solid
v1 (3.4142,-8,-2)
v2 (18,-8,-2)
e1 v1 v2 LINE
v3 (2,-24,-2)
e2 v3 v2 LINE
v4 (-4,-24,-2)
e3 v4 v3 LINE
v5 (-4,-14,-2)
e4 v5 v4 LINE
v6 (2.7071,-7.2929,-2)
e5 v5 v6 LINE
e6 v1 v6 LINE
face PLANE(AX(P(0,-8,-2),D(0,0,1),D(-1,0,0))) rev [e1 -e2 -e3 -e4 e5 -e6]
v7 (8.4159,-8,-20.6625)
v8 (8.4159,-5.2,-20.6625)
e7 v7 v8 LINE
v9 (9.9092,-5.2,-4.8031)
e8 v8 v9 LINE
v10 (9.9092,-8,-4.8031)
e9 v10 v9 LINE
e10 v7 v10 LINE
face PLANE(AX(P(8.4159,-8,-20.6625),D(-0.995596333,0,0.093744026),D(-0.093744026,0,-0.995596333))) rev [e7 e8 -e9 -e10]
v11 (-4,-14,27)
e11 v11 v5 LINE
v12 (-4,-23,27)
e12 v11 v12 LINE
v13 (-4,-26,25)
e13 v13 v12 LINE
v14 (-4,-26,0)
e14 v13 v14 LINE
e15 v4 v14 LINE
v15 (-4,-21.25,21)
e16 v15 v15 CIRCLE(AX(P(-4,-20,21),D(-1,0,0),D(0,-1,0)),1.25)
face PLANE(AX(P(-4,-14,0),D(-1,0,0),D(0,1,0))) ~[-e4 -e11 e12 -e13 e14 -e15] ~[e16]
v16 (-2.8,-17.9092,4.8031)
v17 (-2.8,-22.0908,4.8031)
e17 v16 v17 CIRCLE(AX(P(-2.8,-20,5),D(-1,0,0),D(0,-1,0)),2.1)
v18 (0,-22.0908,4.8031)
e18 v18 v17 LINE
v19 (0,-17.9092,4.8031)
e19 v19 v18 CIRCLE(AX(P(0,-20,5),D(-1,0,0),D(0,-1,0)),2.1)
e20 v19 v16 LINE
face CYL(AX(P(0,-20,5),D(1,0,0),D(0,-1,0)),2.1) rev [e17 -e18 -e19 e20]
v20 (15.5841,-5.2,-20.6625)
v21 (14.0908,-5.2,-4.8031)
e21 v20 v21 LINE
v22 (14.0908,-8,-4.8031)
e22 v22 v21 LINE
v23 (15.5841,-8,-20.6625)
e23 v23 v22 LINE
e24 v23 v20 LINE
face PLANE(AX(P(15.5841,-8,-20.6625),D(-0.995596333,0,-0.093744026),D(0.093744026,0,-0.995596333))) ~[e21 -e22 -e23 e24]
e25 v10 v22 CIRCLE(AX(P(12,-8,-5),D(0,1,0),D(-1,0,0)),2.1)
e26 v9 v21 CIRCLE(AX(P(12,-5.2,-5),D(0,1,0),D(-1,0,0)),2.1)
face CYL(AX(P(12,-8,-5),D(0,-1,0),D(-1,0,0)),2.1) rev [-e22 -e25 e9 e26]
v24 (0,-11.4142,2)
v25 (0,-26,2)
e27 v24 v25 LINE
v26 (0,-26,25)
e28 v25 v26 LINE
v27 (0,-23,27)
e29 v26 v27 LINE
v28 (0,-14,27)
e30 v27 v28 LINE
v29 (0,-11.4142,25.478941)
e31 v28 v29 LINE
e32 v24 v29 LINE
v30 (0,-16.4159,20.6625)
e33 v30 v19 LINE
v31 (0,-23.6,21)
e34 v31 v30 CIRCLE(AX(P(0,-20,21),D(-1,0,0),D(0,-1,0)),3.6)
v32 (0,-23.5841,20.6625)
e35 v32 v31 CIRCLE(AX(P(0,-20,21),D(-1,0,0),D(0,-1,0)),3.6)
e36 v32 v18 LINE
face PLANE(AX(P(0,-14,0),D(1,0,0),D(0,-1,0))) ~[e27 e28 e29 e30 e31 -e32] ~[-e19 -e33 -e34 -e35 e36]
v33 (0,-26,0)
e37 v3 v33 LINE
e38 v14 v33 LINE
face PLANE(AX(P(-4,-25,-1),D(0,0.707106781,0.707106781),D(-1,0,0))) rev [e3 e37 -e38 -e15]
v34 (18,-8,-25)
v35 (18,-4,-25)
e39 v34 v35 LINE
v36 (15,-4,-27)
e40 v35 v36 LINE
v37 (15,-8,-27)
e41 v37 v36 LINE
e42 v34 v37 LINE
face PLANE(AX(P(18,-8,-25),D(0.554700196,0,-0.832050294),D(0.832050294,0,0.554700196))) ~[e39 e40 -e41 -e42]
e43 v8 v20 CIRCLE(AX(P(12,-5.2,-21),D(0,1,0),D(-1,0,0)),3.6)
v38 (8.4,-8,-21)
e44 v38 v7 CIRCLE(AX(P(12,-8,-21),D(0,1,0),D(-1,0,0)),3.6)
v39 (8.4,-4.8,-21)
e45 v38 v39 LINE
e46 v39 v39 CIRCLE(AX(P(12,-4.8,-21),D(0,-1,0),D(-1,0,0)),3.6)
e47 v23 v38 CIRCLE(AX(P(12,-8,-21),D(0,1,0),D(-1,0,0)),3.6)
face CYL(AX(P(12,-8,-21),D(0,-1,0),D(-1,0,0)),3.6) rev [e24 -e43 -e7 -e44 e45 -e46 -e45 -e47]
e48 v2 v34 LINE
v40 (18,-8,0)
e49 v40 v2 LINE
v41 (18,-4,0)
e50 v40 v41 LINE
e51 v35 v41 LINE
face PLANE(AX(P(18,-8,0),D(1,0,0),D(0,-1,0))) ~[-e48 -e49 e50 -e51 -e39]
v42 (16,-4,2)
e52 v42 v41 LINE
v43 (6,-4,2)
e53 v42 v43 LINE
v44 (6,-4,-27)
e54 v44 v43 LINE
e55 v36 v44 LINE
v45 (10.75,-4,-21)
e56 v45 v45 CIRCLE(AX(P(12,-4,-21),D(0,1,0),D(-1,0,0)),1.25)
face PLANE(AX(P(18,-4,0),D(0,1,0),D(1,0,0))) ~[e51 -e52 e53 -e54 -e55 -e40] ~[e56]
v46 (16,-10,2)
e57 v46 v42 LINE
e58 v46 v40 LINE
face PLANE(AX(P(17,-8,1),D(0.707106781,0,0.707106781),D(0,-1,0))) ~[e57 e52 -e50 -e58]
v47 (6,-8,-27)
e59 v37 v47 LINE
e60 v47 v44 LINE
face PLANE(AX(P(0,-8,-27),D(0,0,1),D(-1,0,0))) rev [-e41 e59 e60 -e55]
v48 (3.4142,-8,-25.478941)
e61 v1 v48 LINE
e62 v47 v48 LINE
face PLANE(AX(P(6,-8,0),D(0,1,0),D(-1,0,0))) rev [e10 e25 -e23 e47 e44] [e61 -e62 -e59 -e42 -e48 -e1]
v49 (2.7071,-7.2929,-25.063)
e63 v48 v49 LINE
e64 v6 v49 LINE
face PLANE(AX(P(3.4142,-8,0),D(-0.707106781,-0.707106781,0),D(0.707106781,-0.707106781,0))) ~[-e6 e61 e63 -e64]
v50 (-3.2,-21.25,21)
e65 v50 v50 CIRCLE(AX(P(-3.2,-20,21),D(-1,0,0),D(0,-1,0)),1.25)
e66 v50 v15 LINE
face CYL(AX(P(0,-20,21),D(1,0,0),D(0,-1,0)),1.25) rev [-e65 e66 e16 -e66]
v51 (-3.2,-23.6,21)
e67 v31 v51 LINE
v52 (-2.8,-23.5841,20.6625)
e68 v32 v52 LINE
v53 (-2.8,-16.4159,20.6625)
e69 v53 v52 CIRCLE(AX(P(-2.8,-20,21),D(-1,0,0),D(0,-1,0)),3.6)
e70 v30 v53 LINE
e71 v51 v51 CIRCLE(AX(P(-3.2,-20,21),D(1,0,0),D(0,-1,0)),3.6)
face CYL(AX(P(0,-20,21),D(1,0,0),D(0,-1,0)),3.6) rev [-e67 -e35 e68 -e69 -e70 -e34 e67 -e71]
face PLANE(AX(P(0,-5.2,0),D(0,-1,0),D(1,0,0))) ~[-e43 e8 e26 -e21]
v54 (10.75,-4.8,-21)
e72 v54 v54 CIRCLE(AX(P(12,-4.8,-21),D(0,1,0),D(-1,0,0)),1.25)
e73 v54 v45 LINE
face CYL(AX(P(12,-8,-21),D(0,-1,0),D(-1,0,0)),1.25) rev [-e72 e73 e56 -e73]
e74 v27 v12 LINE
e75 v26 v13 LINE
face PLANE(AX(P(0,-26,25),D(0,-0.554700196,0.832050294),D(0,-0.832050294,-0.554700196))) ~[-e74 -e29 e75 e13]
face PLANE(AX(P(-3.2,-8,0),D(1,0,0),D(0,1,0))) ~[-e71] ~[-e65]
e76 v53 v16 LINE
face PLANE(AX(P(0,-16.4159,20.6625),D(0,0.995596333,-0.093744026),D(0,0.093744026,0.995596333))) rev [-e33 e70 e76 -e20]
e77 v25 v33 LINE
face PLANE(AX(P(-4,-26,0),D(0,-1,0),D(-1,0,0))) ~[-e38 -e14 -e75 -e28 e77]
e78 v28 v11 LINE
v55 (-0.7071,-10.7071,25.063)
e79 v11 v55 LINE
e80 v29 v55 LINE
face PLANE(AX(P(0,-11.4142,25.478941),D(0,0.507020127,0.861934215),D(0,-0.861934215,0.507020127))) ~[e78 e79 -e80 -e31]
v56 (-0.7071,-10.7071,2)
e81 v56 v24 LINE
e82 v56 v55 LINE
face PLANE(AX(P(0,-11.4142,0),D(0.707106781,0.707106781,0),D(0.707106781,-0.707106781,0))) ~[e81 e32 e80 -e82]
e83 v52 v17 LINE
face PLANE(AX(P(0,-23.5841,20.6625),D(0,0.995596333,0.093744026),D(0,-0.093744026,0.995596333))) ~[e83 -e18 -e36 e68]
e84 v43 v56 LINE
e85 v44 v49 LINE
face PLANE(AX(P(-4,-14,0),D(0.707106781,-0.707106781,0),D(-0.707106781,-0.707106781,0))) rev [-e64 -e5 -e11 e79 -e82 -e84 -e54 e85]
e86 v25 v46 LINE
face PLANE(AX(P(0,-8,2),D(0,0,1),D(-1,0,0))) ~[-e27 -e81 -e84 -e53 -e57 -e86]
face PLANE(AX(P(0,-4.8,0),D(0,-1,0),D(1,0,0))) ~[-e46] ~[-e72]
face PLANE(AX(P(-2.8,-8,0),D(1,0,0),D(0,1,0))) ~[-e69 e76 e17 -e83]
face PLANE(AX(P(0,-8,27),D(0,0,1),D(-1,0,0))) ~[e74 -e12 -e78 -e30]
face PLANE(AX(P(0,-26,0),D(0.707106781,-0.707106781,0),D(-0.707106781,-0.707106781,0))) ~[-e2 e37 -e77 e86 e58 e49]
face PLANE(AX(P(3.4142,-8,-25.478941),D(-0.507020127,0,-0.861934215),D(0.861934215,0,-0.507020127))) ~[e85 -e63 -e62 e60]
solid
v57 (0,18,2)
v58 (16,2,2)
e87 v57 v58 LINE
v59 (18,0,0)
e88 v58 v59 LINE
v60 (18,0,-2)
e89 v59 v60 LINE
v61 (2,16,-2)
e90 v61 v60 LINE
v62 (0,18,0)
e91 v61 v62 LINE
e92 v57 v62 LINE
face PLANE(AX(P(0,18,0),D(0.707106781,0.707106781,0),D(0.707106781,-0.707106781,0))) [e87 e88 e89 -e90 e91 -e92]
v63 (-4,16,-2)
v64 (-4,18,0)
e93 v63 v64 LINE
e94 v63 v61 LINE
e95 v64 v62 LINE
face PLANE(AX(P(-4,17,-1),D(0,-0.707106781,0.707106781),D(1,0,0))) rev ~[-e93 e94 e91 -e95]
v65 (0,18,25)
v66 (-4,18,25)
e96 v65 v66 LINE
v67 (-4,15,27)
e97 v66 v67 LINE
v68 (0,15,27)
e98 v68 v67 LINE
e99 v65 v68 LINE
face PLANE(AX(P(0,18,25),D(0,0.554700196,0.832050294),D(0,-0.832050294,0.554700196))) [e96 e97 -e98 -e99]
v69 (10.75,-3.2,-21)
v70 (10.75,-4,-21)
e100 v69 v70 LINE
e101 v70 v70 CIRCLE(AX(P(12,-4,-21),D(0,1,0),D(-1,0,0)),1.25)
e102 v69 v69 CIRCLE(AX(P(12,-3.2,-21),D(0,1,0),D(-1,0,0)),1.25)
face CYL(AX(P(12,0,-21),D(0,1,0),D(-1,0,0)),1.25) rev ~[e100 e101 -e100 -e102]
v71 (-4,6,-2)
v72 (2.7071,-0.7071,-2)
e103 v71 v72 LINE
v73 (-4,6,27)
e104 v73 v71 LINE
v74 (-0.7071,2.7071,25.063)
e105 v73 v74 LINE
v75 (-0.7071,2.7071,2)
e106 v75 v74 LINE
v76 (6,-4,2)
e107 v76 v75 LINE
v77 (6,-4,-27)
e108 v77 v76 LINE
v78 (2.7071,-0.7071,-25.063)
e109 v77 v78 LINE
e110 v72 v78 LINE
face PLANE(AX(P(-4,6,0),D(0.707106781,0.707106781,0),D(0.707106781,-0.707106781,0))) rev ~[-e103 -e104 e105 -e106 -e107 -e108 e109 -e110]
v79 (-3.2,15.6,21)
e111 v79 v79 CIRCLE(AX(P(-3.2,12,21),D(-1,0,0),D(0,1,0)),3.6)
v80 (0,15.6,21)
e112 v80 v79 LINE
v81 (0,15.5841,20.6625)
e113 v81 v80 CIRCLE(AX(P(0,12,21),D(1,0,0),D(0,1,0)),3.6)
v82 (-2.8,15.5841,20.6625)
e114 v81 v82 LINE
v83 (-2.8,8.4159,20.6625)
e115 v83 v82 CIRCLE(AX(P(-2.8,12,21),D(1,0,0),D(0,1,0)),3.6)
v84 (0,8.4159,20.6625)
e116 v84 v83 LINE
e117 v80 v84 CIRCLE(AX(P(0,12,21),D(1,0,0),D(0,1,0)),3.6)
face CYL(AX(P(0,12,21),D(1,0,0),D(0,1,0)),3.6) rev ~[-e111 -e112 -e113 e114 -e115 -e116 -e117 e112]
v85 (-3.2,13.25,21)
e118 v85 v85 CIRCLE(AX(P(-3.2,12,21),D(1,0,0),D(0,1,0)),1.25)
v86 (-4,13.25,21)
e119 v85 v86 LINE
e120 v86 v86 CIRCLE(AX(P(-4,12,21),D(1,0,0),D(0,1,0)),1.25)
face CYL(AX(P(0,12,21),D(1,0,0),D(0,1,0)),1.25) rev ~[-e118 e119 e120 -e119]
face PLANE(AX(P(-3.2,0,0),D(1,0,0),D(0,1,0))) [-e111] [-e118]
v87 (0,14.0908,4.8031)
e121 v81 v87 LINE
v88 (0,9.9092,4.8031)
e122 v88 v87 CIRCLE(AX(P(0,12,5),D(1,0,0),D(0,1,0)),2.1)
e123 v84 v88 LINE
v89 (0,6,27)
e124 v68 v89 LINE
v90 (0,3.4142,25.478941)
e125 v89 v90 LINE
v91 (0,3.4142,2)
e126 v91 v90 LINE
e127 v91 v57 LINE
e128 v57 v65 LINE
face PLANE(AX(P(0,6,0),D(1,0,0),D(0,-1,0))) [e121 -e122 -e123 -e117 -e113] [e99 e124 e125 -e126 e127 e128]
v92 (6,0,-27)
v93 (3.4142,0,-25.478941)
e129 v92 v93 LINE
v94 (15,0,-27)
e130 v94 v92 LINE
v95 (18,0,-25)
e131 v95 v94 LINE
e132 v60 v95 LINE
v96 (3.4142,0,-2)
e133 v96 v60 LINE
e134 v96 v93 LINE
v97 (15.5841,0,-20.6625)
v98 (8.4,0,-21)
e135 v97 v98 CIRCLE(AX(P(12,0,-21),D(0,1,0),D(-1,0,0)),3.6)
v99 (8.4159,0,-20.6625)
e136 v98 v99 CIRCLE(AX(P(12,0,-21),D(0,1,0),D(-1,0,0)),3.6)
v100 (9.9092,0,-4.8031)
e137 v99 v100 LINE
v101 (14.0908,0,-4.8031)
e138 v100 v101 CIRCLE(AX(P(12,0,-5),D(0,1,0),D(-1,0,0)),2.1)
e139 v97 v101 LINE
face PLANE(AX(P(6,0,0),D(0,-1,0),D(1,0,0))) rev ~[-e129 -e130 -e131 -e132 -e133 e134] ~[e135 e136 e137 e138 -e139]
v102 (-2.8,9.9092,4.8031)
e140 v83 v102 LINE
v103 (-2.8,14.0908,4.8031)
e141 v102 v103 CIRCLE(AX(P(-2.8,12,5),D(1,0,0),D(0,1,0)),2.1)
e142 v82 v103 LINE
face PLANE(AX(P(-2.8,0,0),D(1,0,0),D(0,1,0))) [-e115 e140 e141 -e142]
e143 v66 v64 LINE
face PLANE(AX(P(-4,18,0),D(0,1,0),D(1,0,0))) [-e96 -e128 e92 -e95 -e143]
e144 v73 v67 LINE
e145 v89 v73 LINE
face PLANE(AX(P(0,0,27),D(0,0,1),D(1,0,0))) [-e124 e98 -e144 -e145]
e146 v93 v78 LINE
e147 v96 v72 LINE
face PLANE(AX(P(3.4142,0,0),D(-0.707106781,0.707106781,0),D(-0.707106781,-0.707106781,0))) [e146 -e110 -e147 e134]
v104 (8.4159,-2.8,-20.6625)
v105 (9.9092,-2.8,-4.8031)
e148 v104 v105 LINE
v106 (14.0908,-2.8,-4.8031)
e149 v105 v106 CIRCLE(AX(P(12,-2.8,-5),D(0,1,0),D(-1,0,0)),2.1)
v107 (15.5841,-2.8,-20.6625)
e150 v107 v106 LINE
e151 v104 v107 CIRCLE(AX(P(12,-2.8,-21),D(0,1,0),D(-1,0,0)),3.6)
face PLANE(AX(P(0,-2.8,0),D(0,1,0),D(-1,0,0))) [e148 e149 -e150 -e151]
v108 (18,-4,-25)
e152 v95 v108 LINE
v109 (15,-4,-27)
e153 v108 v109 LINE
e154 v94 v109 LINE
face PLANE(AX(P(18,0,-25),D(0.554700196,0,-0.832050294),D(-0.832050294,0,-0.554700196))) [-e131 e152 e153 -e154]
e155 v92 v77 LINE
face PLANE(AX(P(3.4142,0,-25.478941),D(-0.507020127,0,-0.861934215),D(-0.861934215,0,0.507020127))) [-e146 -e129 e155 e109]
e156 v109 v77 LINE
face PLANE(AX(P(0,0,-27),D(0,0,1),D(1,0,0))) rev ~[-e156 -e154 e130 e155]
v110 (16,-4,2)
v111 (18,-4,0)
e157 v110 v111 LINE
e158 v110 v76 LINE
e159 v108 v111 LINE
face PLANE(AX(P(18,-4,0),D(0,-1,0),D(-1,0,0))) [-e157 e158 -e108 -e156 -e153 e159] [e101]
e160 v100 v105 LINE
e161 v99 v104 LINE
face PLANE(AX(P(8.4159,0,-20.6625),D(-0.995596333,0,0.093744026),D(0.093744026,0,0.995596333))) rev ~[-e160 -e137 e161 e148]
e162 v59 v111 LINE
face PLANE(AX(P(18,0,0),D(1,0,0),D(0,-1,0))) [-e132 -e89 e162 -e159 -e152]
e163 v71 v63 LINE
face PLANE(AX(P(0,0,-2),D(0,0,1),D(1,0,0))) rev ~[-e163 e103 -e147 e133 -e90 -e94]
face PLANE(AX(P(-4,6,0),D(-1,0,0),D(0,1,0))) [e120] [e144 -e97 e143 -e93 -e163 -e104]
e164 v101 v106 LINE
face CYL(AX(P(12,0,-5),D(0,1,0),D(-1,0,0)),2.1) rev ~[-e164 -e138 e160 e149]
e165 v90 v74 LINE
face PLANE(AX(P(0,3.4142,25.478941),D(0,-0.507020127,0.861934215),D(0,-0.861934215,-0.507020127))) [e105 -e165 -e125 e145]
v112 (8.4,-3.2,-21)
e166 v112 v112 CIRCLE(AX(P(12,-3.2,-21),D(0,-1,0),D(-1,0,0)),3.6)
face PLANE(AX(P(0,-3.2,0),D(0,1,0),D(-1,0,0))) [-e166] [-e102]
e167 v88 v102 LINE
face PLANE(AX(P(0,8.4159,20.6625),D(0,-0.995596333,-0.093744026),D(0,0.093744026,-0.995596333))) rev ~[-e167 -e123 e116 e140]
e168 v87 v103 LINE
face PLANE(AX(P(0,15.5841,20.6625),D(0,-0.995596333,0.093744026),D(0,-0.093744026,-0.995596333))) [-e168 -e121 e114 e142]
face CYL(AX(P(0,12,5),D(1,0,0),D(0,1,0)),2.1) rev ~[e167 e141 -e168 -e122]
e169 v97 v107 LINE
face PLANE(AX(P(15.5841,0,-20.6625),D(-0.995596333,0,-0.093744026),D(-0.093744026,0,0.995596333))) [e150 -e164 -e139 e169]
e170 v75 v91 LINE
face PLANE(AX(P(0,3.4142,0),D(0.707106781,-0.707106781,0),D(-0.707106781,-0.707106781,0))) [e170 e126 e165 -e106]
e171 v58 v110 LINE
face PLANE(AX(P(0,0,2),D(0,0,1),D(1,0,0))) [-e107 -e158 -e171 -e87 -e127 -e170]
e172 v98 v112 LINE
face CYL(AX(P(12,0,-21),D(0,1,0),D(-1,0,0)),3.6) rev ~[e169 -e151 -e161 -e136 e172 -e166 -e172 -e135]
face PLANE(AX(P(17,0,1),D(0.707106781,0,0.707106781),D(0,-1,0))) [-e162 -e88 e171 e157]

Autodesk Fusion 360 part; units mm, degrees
sketch "Sketch1" plane through (0, 0, 0) normal (0, 0, 1) x (1, 0, 0)
  line L0 (0, 6) -> (-4, 6)
  line L1 (-4, 6) -> (-4, 18)
  line L2 (-4, 18) -> (0, 18)
  line L3 (0, 18) -> (0, 2)
  line L4 (2, 0) -> (18, 0)
  line L5 (18, 0) -> (18, -4)
  line L6 (18, -4) -> (6, -4)
  line L7 (6, -4) -> (6, 0)
  line L8 (-4, 6) -> (6, -4)
  line L9 (0, 18) -> (18, 0)
  line L10 (3.4142, 0) -> (2.7071, -0.7071)
  line L11 (0, 3.4142) -> (-0.7071, 2.7071)
extrude "Extrude1" add sketch "Sketch1" along normal mid plane 4 makes body 1
extrude "Extrude2" add sketch "Sketch1" along normal blind 27 contours L0 L3 L8 L11 | L0 L1 L2 L3 bodies 1
extrude "Extrude3" add sketch "Sketch1" against normal blind 27 contours L4 L5 L6 L7 | L4 L7 L8 L10 bodies 1
sketch "Sketch2" plane through (0, 0, 0) normal (1, 0, 0) x (0, 1, 0)
  line L0 (3.4142, 2) -> (18, 2)
  line L1 (18, 2) -> (18, 27)
  line L2 (18, 27) -> (3.4142, 27)
  line L3 (3.4142, 27) -> (3.4142, 2)
  line L4 (18, 27) -> (6, 27)
  line L5 (6, 27) -> (6, 2)
  line L6 (6, 2) -> (18, 2)
  line L7 (18, 2) -> (18, 27)
  circle A0 centre (12, 21) radius 3.6
  circle A1 centre (12, 5) radius 2.1
  line L8 (15.5841, 20.6625) -> (14.0908, 4.8031)
  line L9 (8.4159, 20.6625) -> (9.9092, 4.8031)
  circle A2 centre (12, 21) radius 1.25
  line L10 (6, 27) -> (2.6, 27)
  line L11 (2.6, 27) -> (2.6, 25)
  line L12 (2.6, 25) -> (6, 25)
  line L13 (6, 25) -> (6, 27)
  line L14 (18, 27) -> (15, 27)
  line L15 (15, 27) -> (15, 25)
  line L16 (15, 25) -> (18, 25)
  line L17 (18, 25) -> (18, 27)
  line L18 (18, 25) -> (15, 27)
  line L19 (6, 27) -> (2.6, 25)
extrude "Extrude4" cut sketch "Sketch2" against normal blind 2.8 contours A0 A1 L8 L9 | A1 bodies 1
extrude "Extrude5" cut sketch "Sketch2" against normal blind 3.2 contours A0 bodies 1
extrude "Extrude6" cut sketch "Sketch2" against normal blind 4 contours A2 bodies 1
extrude "Extrude7" cut sketch "Sketch2" against normal blind 4 contours L3 L10 L11 L19 | L2 L3 L10 L19 | L1 L2 L4 L7 L14 L17 L18 bodies 1
chamfer "Chamfer1" distance 2 angle 45 1 edges at (-2, 18, -2) on bodies 1
chamfer "Chamfer2" distance 2 angle 45 1 edges at (18, -2, 2) on bodies 1
sketch "Sketch3" plane through (0, 0, 0) normal (0, 1, 0) x (-1, 0, 0)
  line L0 (-3.4142, -2) -> (-18, -2)
  line L1 (-18, -2) -> (-18, -27)
  line L2 (-18, -27) -> (-3.4142, -27)
  line L3 (-3.4142, -27) -> (-3.4142, -2)
  line L4 (-3.4142, -2) -> (-18, -2)
  line L5 (-18, -27) -> (-15, -27)
  circle A0 centre (-12, -21) radius 3.6
  line L6 (-15, -25) -> (-18, -25)
  line L7 (-2.6, -25) -> (-6, -25)
  circle A1 centre (-12, -5) radius 2.1
  line L8 (-6, -25) -> (-6, -27)
  line L9 (-15, -27) -> (-15, -25)
  line L10 (-6, -2) -> (-18, -2)
  line L11 (-18, -27) -> (-6, -27)
  line L12 (-18, -27) -> (-3.4142, -27)
  line L13 (-18, -2) -> (-18, -27)
  circle A2 centre (-12, -21) radius 1.25
  line L14 (-6, -27) -> (-2.6, -27)
  line L15 (-15.5841, -20.6625) -> (-14.0908, -4.8031)
  line L16 (-3.4142, -27) -> (-3.4142, -2)
  line L17 (-6, -27) -> (-6, -2)
  line L18 (-18, -25) -> (-18, -27)
  line L19 (-2.6, -27) -> (-2.6, -25)
  line L20 (-18, -25) -> (-15, -27)
  line L21 (-8.4159, -20.6625) -> (-9.9092, -4.8031)
  line L22 (-6, -27) -> (-2.6, -25)
  line L23 (-18, -2) -> (-18, -27)
  point P0 (0, 0)
extrude "Extrude8" cut sketch "Sketch3" against normal blind 2.8 contours A0 A1 L15 L21 | A1 bodies 1
extrude "Extrude9" cut sketch "Sketch3" against normal blind 3.2 contours A0 bodies 1
extrude "Extrude10" cut sketch "Sketch3" against normal blind 4 contours A2 bodies 1
extrude "Extrude11" cut sketch "Sketch3" against normal blind 4 contours L3 L14 L16 L19 L22 | L2 L3 L12 L14 L16 L22 | L1 L2 L5 L11 L12 L13 L18 L20 L23 bodies 1
mirror "Mirror1" about plane through (18, -4, 0) normal (0, -1, 0) of bodies 1 makes body 2
